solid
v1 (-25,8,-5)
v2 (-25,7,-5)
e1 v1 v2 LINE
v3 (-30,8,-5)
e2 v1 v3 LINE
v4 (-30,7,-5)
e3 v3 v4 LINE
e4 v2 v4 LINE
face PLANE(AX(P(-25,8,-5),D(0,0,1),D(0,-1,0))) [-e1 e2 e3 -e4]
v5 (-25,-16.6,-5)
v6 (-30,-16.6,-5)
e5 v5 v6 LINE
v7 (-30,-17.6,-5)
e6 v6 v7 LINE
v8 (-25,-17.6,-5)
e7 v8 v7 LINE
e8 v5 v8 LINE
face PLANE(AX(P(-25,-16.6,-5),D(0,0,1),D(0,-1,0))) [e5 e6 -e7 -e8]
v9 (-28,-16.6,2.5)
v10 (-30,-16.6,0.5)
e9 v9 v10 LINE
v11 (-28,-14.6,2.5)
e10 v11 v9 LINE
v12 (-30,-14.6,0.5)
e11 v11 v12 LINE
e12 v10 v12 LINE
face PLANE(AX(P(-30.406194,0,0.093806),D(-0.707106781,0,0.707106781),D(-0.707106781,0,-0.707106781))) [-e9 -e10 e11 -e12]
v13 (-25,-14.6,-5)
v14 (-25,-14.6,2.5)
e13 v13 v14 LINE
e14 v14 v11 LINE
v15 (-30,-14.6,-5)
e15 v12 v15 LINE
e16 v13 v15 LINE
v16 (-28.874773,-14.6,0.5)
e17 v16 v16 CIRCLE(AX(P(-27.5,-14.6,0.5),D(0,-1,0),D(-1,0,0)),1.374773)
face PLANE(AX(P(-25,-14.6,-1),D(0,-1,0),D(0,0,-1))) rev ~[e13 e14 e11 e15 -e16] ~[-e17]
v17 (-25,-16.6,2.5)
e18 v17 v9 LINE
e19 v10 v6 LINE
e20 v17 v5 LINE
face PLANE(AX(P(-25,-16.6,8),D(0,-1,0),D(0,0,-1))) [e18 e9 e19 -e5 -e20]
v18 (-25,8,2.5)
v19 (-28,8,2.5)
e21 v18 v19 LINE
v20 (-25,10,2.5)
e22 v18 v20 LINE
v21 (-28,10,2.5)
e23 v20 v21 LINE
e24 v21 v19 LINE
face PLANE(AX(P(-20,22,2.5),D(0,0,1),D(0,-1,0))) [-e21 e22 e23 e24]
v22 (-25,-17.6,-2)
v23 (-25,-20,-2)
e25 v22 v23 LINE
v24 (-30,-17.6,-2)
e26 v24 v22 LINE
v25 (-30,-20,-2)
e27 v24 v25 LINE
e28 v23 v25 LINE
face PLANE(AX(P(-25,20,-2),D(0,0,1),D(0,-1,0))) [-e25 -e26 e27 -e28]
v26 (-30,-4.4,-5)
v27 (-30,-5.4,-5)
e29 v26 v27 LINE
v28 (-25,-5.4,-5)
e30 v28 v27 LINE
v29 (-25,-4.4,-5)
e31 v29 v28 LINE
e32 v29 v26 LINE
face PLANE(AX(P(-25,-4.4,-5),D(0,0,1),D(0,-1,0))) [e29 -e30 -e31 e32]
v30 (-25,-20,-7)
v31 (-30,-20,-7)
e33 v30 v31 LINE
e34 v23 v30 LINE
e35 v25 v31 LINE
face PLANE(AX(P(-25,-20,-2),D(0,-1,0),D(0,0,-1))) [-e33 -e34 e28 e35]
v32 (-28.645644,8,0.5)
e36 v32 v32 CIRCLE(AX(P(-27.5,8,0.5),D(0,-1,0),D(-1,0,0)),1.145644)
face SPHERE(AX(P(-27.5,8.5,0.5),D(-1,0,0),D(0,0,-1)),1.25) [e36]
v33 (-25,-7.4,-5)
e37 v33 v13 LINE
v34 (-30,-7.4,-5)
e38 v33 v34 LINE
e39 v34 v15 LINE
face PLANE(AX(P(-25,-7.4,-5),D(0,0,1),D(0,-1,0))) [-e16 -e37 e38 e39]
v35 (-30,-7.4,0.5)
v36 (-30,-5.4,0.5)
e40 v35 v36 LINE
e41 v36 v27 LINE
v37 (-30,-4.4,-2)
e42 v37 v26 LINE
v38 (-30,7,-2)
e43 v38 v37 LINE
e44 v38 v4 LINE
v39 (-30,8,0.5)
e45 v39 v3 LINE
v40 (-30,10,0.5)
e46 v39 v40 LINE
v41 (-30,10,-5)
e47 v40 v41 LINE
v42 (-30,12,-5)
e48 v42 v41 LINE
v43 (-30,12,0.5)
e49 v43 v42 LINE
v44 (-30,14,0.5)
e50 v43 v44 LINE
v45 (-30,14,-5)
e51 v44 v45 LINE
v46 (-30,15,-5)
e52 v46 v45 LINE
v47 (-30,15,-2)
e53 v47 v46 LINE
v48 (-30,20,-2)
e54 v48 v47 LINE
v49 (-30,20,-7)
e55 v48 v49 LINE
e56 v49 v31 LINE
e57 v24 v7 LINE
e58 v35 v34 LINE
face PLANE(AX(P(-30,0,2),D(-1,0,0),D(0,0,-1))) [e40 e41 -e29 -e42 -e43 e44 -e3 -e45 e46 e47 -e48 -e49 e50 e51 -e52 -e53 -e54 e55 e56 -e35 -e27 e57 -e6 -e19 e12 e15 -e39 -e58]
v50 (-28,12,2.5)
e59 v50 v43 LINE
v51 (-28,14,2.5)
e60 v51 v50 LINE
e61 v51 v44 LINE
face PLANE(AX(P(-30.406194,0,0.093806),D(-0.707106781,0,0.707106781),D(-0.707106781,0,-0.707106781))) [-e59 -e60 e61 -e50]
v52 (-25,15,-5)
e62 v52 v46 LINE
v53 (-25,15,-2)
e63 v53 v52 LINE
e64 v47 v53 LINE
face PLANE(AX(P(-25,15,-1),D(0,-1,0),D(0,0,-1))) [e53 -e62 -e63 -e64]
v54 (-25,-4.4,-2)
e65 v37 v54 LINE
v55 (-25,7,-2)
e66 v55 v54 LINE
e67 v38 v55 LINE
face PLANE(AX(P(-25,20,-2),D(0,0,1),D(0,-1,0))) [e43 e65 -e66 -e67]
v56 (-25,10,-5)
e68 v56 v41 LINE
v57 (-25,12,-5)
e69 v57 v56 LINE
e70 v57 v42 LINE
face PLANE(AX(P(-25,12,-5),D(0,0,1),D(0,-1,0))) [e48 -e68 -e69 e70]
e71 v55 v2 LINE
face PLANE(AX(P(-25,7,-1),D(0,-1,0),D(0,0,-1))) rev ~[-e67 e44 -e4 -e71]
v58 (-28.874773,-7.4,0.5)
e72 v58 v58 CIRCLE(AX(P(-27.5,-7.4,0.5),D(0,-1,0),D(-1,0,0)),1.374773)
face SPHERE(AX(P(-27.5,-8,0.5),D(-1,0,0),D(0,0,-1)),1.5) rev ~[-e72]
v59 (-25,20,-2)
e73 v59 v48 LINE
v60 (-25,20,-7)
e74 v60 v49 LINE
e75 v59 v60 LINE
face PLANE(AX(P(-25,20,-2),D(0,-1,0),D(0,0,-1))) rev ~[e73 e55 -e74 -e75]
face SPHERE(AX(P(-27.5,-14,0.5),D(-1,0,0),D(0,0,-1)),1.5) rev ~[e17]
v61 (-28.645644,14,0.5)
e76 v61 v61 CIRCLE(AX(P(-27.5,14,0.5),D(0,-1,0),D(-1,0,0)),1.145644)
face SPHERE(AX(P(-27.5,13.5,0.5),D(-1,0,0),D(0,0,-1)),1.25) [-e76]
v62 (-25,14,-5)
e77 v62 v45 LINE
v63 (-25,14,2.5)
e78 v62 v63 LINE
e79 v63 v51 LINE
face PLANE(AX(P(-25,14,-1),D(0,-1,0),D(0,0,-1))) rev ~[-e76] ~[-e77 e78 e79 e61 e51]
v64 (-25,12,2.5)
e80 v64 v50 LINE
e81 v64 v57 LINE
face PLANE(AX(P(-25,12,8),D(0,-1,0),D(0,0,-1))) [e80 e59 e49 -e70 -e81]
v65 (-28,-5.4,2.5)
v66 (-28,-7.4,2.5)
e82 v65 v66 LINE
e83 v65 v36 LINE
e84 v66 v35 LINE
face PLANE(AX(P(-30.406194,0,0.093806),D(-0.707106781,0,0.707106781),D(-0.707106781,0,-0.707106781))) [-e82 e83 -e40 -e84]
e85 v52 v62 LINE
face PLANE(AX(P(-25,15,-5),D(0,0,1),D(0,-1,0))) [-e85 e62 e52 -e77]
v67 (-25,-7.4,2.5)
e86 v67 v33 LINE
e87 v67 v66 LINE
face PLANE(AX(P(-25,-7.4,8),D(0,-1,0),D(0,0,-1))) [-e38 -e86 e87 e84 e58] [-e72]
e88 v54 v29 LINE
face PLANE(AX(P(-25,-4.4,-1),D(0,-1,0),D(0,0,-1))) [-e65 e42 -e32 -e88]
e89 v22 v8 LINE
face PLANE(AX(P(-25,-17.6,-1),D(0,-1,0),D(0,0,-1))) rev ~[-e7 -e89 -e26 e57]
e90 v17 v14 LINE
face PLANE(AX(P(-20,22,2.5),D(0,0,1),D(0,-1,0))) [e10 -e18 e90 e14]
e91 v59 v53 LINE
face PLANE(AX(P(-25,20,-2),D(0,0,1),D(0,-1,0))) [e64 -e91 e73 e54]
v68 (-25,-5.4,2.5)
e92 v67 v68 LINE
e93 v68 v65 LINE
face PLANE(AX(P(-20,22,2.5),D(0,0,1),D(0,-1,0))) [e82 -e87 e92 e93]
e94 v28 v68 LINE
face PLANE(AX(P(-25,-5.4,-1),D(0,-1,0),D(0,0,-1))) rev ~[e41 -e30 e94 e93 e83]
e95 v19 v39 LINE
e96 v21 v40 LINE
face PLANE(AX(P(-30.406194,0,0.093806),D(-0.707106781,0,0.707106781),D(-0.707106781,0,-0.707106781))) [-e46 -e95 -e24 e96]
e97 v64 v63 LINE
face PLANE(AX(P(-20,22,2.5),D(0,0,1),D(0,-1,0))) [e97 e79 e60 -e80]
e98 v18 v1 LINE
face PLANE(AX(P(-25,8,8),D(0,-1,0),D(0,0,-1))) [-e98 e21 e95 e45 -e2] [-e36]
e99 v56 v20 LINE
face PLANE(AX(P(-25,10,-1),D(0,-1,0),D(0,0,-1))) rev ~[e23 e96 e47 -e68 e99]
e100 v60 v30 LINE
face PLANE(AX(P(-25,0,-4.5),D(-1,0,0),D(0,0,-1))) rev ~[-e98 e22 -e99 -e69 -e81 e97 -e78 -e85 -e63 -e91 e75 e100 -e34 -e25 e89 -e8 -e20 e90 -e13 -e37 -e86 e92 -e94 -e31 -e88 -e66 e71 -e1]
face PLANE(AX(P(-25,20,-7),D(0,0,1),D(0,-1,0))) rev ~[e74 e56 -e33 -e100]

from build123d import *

# Parameters (mm, degrees)
BOX155_W               = 13
BOX155_H               = 40
BOX155_DEPTH           = 10
BOX155_PITCH_ANGLE     = -45
BOX163_W               = 12
BOX163_H               = 44
BOX163_DEPTH           = 10
BOX162_W               = 20
BOX162_H               = 44
BOX162_DEPTH           = 10
BOX158_W               = 4
BOX158_H               = 1
BOX158_DEPTH           = 7
BOX160_W               = 4
BOX160_H               = 1
BOX160_DEPTH           = 7
BOX157_W               = 4
BOX157_H               = 2
BOX157_DEPTH           = 7
BOX159_W               = 4
BOX159_H               = 1
BOX159_DEPTH           = 7
BOX156_W               = 4
BOX156_H               = 1
BOX156_DEPTH           = 7
BOX161_W               = 4
BOX161_H               = 7.2
BOX161_DEPTH           = 7
BOX151_W               = 10
BOX151_H               = 2
BOX151_DEPTH           = 7
BOX152_W               = 10
BOX152_H               = 2
BOX152_DEPTH           = 7
BOX153_W               = 10
BOX153_H               = 2
BOX153_DEPTH           = 7
BOX154_W               = 10
BOX154_H               = 2
BOX154_DEPTH           = 7
BOX150_W               = 5
BOX150_H               = 40
BOX150_DEPTH           = 7
CUT064_PITCH_ANGLE     = 90
CUT064_PLACEMENT_ANGLE = -180


with BuildPart() as chamfer_cube001:
    # Box155 → Box155 (new body)
    with BuildSketch(Plane.XY):
        with Locations((6.5, 20)):
            Rectangle(BOX155_W, BOX155_H)
    extrude(amount=BOX155_DEPTH)


with BuildPart() as chamfer_cube001_1:
    # Box155 pitch: moved
    add(chamfer_cube001.part.rotate(Axis((0, 0, 0), (0, 1, 0)), BOX155_PITCH_ANGLE))


with BuildPart() as chamfer_cube001_2:
    # Box155 placement: moved
    add(chamfer_cube001_1.part.moved(Location((-11.69, 0, -1.19))))


with BuildPart() as re_level_edge_clip_block003:
    # Box163 → Box163 (new body)
    with BuildSketch(Plane(origin=(-21.5, -2, -7), x_dir=(1, 0, 0), z_dir=(0, 0, 1))):
        with Locations((6, 22)):
            Rectangle(BOX163_W, BOX163_H)
    extrude(amount=BOX163_DEPTH)


with BuildPart() as re_level_edge_clip_block002:
    # Box162 → Box162 (new body)
    with BuildSketch(Plane(origin=(-19, -2, 3), x_dir=(1, 0, 0), z_dir=(0, 0, 1))):
        with Locations((10, 22)):
            Rectangle(BOX162_W, BOX162_H)
    extrude(amount=BOX162_DEPTH)


with BuildPart() as cube140:
    # Box158 → Box158 (new body)
    with BuildSketch(Plane(origin=(-6, 12, -2), x_dir=(1, 0, 0), z_dir=(0, 0, 1))):
        with Locations((2, 0.5)):
            Rectangle(BOX158_W, BOX158_H)
    extrude(amount=BOX158_DEPTH)


with BuildPart() as cube142:
    # Box160 → Box160 (new body)
    with BuildSketch(Plane(origin=(-6, 36.6, -2), x_dir=(1, 0, 0), z_dir=(0, 0, 1))):
        with Locations((2, 0.5)):
            Rectangle(BOX160_W, BOX160_H)
    extrude(amount=BOX160_DEPTH)


with BuildPart() as cube139:
    # Box157 → Box157 (new body)
    with BuildSketch(Plane(origin=(-6, 8, -2), x_dir=(1, 0, 0), z_dir=(0, 0, 1))):
        with Locations((2, 1)):
            Rectangle(BOX157_W, BOX157_H)
    extrude(amount=BOX157_DEPTH)


with BuildPart() as cube141:
    # Box159 → Box159 (new body)
    with BuildSketch(Plane(origin=(-6, 24.4, -2), x_dir=(1, 0, 0), z_dir=(0, 0, 1))):
        with Locations((2, 0.5)):
            Rectangle(BOX159_W, BOX159_H)
    extrude(amount=BOX159_DEPTH)


with BuildPart() as cube138:
    # Box156 → Box156 (new body)
    with BuildSketch(Plane(origin=(-6, 5, -2), x_dir=(1, 0, 0), z_dir=(0, 0, 1))):
        with Locations((2, 0.5)):
            Rectangle(BOX156_W, BOX156_H)
    extrude(amount=BOX156_DEPTH)


with BuildPart() as extra_holes_for_clips001:
    # Box161 → Box161 (new body)
    with BuildSketch(Plane(origin=(-6, 27.4, -2), x_dir=(1, 0, 0), z_dir=(0, 0, 1))):
        with Locations((2, 3.6)):
            Rectangle(BOX161_W, BOX161_H)
    extrude(amount=BOX161_DEPTH)

    # Fusion056: union Cube140, Cube142, Cube139, Cube141, Cube138
    add(cube140.part)
    add(cube142.part)
    add(cube139.part)
    add(cube141.part)
    add(cube138.part)


with BuildPart() as sphere054:
    # Sphere054 → Sphere054 (revolve)
    with BuildSketch(Plane(origin=(-7.5, 34, 0.5), x_dir=(1, 0, 0), z_dir=(0, -1, 0))):
        with BuildLine():
            ThreePointArc((0, -1.5), (1.5, 0), (0, 1.5))
            Line((0, 1.5), (0, -1.5))
        make_face()
    revolve(axis=Axis((-7.5, 34, 0.5), (0, 0, 1)))


with BuildPart() as holes001:
    # Sphere053 → Sphere053 (revolve)
    with BuildSketch(Plane(origin=(-7.5, 28, 0.5), x_dir=(1, 0, 0), z_dir=(0, -1, 0))):
        with BuildLine():
            ThreePointArc((0, -1.5), (1.5, 0), (0, 1.5))
            Line((0, 1.5), (0, -1.5))
        make_face()
    revolve(axis=Axis((-7.5, 28, 0.5), (0, 0, 1)))

    # Fusion058: union Sphere054
    add(sphere054.part)


with BuildPart() as cube134:
    # Box151 → Box151 (new body)
    with BuildSketch(Plane(origin=(-15, 6, -2), x_dir=(1, 0, 0), z_dir=(0, 0, 1))):
        with Locations((5, 1)):
            Rectangle(BOX151_W, BOX151_H)
    extrude(amount=BOX151_DEPTH)


with BuildPart() as cube135:
    # Box152 → Box152 (new body)
    with BuildSketch(Plane(origin=(-15, 10, -2), x_dir=(1, 0, 0), z_dir=(0, 0, 1))):
        with Locations((5, 1)):
            Rectangle(BOX152_W, BOX152_H)
    extrude(amount=BOX152_DEPTH)


with BuildPart() as cube136:
    # Box153 → Box153 (new body)
    with BuildSketch(Plane(origin=(-15, 25.4, -2), x_dir=(1, 0, 0), z_dir=(0, 0, 1))):
        with Locations((5, 1)):
            Rectangle(BOX153_W, BOX153_H)
    extrude(amount=BOX153_DEPTH)


with BuildPart() as cube137:
    # Box154 → Box154 (new body)
    with BuildSketch(Plane(origin=(-15, 34.6, -2), x_dir=(1, 0, 0), z_dir=(0, 0, 1))):
        with Locations((5, 1)):
            Rectangle(BOX154_W, BOX154_H)
    extrude(amount=BOX154_DEPTH)


with BuildPart() as fusion059:
    # Box150 → Box150 (new body)
    with BuildSketch(Plane(origin=(-5, 0, -2), x_dir=(1, 0, 0), z_dir=(0, 0, 1))):
        with Locations((2.5, 20)):
            Rectangle(BOX150_W, BOX150_H)
    extrude(amount=BOX150_DEPTH)

    # Fusion059: union Cube134, Cube135, Cube136, Cube137
    add(cube134.part)
    add(cube135.part)
    add(cube136.part)
    add(cube137.part)


with BuildPart() as sphere052:
    # Sphere052 → Sphere052 (revolve)
    with BuildSketch(Plane(origin=(-7.5, 11.5, 0.5), x_dir=(1, 0, 0), z_dir=(0, -1, 0))):
        with BuildLine():
            ThreePointArc((0, -1.25), (1.25, 0), (0, 1.25))
            Line((0, 1.25), (0, -1.25))
        make_face()
    revolve(axis=Axis((-7.5, 11.5, 0.5), (0, 0, 1)))


with BuildPart() as copy_edge_clip:
    # Sphere051 → Sphere051 (revolve)
    with BuildSketch(Plane(origin=(-7.5, 6.5, 0.5), x_dir=(1, 0, 0), z_dir=(0, -1, 0))):
        with BuildLine():
            ThreePointArc((0, -1.25), (1.25, 0), (0, 1.25))
            Line((0, 1.25), (0, -1.25))
        make_face()
    revolve(axis=Axis((-7.5, 6.5, 0.5), (0, 0, 1)))

    # Fusion057: union Sphere052
    add(sphere052.part)

    # Fusion060: union Fusion059
    add(fusion059.part)

    # Cut060: cut Holes001
    add(holes001.part, mode=Mode.SUBTRACT)

    # Cut061: cut Extra Holes for Clips001
    add(extra_holes_for_clips001.part, mode=Mode.SUBTRACT)

    # Cut062: cut Re-level Edge Clip Block002
    add(re_level_edge_clip_block002.part, mode=Mode.SUBTRACT)

    # Cut063: cut Re-level Edge Clip Block003
    add(re_level_edge_clip_block003.part, mode=Mode.SUBTRACT)

    # Cut064: cut Chamfer Cube001
    add(chamfer_cube001_2.part, mode=Mode.SUBTRACT)


with BuildPart() as copy_edge_clip_1:
    # Cut064 pitch: moved
    add(copy_edge_clip.part.rotate(Axis((0, 0, 0), (0, 1, 0)), CUT064_PITCH_ANGLE))


with BuildPart() as copy_edge_clip_2:
    # Cut064 placement: moved
    add(copy_edge_clip_1.part.moved(Location((-27, 20, -7))).rotate(Axis((-27, 20, -7), (0, 0, 1)), CUT064_PLACEMENT_ANGLE))


solid = copy_edge_clip_2.part
